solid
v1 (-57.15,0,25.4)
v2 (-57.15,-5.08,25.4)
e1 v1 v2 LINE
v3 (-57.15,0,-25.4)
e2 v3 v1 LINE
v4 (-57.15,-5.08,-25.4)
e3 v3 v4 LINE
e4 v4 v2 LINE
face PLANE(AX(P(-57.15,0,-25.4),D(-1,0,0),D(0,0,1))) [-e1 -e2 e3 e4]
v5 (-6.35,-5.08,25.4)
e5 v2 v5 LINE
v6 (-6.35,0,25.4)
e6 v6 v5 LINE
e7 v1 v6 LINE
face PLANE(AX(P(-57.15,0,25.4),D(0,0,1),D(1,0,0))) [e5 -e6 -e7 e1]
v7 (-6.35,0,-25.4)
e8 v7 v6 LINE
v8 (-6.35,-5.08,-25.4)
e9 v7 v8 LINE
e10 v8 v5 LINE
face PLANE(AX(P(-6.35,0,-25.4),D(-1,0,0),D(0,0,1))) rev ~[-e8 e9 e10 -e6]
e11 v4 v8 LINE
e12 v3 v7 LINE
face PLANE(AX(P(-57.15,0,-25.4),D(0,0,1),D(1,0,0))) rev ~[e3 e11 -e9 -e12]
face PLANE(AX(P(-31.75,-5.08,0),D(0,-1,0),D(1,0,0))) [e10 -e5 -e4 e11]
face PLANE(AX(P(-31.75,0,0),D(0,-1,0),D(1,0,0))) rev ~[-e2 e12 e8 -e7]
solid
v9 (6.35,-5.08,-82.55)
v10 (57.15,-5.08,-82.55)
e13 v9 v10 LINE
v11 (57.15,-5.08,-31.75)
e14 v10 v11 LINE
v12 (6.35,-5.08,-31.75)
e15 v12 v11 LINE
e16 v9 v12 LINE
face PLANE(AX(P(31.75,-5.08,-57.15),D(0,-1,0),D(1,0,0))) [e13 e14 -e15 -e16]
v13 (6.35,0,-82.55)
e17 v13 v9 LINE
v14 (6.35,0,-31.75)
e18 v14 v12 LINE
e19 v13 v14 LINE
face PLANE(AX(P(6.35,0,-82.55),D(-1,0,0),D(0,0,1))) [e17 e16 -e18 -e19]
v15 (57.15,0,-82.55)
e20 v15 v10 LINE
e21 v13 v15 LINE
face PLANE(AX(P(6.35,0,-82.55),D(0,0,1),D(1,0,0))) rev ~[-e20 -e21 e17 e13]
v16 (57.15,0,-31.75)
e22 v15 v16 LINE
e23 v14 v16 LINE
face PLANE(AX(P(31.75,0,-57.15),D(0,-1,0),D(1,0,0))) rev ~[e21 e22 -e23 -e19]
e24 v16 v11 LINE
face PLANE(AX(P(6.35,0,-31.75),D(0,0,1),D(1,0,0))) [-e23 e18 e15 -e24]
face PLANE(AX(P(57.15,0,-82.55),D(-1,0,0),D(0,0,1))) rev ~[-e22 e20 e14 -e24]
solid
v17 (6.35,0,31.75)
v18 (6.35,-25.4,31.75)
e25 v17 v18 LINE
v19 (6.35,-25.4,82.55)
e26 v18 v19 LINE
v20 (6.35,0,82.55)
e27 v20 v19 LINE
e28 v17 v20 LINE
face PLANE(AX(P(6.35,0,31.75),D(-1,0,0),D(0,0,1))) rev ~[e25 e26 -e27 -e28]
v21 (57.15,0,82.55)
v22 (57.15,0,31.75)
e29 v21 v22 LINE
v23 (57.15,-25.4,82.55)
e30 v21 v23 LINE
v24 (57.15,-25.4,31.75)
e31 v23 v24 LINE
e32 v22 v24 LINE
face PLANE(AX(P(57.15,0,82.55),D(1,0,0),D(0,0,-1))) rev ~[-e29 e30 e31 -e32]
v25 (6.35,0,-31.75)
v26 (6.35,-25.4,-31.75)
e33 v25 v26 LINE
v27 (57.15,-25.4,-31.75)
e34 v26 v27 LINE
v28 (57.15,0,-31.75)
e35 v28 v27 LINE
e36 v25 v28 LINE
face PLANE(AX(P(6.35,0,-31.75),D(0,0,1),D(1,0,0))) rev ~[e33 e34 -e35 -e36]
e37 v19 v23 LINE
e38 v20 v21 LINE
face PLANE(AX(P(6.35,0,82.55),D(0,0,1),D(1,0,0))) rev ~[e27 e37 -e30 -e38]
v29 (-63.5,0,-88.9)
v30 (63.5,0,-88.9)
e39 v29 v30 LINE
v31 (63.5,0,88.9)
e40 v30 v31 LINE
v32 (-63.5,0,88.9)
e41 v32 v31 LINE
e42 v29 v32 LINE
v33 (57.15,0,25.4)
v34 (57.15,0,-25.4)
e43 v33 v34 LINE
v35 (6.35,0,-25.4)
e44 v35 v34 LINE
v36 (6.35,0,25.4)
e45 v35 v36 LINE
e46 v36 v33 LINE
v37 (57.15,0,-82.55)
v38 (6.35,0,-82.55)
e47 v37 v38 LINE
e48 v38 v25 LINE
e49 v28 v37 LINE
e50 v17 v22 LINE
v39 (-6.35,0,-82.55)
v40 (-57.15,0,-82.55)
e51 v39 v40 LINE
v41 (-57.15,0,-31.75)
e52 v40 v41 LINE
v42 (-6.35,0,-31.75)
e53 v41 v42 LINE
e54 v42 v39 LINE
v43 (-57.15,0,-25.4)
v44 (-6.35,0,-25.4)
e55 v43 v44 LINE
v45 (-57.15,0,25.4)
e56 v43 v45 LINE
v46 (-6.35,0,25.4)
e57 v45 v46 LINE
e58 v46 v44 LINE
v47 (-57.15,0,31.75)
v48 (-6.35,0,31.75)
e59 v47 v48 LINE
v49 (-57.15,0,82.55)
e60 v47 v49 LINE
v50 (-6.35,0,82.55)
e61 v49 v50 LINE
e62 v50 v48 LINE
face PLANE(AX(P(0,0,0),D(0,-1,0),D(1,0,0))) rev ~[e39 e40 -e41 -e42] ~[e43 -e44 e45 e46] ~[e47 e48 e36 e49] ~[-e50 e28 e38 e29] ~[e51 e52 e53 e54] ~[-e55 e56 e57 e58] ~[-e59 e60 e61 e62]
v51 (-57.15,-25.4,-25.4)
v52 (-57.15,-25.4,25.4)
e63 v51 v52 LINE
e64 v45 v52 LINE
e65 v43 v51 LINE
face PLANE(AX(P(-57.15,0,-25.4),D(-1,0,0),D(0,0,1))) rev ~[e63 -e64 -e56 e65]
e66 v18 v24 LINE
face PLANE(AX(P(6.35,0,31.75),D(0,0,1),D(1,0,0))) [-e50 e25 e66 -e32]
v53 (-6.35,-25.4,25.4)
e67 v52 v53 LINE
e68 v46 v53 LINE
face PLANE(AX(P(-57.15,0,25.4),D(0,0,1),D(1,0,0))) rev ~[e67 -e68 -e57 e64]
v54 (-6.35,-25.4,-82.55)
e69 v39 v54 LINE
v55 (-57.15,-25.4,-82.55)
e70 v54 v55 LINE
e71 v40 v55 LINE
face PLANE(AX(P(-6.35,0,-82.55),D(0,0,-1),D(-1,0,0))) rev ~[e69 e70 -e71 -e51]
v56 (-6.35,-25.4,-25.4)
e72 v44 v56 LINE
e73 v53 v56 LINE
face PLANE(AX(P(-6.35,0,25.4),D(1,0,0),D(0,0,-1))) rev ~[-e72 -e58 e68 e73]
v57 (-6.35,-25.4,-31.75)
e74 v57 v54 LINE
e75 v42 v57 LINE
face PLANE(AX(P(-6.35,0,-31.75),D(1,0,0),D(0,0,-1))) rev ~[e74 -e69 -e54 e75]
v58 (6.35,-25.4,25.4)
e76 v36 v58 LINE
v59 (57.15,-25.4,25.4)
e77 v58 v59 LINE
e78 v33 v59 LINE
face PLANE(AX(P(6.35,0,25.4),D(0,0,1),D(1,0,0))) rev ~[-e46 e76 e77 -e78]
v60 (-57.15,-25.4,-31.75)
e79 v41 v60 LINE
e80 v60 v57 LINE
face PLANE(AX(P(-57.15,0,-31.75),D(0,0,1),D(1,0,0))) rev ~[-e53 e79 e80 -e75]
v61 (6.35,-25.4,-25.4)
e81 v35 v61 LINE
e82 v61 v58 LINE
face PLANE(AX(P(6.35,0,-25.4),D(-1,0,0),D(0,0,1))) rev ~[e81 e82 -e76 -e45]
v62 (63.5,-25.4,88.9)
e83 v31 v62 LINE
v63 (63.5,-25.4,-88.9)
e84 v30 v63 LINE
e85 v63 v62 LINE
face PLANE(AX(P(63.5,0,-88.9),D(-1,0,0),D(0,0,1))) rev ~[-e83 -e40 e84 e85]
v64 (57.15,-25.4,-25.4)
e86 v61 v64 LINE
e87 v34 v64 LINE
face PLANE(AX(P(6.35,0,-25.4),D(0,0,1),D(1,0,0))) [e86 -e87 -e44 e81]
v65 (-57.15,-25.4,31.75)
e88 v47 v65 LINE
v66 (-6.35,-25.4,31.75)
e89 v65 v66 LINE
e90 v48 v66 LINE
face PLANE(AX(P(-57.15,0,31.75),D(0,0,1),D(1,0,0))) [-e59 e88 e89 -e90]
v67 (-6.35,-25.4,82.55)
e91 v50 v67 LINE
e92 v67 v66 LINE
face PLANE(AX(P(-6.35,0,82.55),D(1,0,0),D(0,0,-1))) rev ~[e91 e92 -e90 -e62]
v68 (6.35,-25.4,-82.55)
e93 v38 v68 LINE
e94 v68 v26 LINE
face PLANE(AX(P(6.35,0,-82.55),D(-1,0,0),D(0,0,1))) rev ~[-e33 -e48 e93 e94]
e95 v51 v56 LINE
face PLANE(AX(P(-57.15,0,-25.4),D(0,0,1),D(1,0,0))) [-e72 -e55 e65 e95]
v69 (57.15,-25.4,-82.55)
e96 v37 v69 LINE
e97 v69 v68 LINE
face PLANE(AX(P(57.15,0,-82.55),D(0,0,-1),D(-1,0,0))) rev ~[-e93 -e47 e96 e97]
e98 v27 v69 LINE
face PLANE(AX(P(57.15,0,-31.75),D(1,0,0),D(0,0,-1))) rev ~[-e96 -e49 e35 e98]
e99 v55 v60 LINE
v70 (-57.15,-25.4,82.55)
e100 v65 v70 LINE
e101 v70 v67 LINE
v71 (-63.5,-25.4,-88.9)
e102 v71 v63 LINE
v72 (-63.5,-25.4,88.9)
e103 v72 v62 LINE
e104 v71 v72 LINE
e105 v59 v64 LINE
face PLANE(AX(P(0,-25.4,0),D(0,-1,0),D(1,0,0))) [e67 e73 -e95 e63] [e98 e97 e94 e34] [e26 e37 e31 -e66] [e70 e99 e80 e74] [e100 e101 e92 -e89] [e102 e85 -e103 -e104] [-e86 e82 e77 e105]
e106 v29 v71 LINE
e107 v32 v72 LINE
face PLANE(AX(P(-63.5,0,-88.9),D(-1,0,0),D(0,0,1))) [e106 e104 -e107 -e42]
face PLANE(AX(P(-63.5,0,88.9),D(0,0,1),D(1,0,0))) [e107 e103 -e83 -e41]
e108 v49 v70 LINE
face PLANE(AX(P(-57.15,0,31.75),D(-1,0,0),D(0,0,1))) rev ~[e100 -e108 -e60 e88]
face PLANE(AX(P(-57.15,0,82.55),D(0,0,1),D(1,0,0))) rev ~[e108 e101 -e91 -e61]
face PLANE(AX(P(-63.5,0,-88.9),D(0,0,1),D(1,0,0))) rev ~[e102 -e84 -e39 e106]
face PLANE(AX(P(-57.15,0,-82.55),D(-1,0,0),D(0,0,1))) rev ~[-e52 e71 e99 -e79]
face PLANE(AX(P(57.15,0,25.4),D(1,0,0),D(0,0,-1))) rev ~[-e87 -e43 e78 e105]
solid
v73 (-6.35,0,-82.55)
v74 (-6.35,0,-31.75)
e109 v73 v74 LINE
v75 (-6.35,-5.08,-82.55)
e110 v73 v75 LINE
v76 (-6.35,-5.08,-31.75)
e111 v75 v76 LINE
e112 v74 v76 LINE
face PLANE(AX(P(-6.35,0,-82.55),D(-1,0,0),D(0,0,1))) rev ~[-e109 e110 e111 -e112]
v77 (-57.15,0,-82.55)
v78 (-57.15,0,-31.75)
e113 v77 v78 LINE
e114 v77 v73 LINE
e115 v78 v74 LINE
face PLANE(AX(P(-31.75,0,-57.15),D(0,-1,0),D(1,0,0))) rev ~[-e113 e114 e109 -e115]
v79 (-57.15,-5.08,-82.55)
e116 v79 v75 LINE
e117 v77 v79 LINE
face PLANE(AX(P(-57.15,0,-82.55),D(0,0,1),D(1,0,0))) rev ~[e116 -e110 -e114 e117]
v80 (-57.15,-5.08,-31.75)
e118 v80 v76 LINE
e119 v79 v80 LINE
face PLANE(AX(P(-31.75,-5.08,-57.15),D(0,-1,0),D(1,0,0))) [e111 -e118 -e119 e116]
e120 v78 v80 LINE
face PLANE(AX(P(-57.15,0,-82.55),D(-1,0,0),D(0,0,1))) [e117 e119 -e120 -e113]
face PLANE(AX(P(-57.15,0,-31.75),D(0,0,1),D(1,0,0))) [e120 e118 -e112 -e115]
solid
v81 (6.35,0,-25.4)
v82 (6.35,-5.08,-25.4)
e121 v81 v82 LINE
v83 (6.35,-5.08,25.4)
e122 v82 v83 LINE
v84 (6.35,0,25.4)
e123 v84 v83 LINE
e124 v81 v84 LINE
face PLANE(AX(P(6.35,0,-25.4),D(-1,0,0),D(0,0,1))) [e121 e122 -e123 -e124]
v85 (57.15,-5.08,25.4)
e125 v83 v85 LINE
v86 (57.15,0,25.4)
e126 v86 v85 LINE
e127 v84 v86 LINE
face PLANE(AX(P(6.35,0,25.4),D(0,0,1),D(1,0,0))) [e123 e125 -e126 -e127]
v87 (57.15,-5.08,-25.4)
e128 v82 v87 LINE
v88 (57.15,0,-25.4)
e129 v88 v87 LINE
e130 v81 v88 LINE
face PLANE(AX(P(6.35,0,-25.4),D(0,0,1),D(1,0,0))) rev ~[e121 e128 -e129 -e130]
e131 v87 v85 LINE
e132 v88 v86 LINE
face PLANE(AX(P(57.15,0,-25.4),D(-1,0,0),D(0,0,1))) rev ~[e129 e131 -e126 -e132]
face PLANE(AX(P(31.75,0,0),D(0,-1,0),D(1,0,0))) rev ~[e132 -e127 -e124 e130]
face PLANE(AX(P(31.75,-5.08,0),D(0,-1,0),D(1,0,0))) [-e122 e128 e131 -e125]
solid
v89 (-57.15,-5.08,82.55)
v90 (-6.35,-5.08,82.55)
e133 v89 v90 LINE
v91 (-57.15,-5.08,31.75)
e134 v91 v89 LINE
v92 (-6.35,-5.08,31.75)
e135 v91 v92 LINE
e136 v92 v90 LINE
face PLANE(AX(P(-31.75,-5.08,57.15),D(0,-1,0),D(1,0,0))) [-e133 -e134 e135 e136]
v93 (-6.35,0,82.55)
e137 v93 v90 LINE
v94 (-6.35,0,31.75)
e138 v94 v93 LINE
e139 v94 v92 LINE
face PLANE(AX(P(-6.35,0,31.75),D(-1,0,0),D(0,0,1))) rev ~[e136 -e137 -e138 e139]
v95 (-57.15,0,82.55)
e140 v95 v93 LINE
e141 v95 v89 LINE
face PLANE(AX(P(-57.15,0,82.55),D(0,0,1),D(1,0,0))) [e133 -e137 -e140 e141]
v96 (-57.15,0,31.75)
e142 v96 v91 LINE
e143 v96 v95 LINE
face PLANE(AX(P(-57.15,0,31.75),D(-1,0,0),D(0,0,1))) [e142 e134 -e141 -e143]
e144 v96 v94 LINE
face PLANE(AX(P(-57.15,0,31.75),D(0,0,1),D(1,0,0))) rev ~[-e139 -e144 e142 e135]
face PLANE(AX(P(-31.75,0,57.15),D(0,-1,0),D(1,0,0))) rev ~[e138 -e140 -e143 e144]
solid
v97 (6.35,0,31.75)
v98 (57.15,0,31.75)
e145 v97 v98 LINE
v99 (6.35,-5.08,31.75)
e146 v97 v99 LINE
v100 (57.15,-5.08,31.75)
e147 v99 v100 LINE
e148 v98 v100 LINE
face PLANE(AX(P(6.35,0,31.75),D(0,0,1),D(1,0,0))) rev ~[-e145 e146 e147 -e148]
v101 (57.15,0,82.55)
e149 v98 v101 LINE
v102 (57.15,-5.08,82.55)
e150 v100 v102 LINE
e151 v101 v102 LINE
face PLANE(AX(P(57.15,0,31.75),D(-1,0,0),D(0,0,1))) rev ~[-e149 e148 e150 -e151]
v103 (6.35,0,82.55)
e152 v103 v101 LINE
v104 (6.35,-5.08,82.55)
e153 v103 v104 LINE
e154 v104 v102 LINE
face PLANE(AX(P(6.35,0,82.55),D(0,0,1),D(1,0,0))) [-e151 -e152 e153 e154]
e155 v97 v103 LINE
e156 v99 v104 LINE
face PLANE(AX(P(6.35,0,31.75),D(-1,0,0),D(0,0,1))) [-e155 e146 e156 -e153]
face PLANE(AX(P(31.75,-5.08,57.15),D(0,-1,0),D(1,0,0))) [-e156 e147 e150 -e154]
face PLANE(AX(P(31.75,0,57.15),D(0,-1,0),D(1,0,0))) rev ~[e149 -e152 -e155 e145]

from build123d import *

# Parameters (mm, degrees)
F0_W     = 127
F0_H     = 177.8
F0_W_2   = 50.8
F0_H_2   = 6.35
F1_DEPTH = 25.4
F0_H_3   = 50.8
F2_DEPTH = 5.08


with BuildPart() as f1:
    # F0 (on Front) → F1 (new body)
    with BuildSketch(Plane.XZ):
        Rectangle(F0_W, F0_H)
        Polygon((-57.15, 31.75), (-57.15, 82.55), (-6.35, 82.55), (6.35, 82.55), (57.15, 82.55), (57.15, 31.75), (57.15, 25.4), (57.15, -25.4), (57.15, -31.75), (57.15, -82.55), (6.35, -82.55), (-6.35, -82.55), (-57.15, -82.55), (-57.15, -31.75), (-57.15, -25.4), (-57.15, 25.4), align=None, mode=Mode.SUBTRACT)
        with Locations((-31.75, 28.575)):
            Rectangle(F0_W_2, F0_H_2)
        with Locations((31.75, 28.575)):
            Rectangle(F0_W_2, F0_H_2)
        Polygon((6.35, 82.55), (-6.35, 82.55), (-6.35, 31.75), (-6.35, 25.4), (-6.35, -25.4), (-6.35, -31.75), (-6.35, -82.55), (6.35, -82.55), (6.35, -31.75), (6.35, -25.4), (6.35, 25.4), (6.35, 31.75), align=None)
        with Locations((31.75, -28.575)):
            Rectangle(F0_W_2, F0_H_2)
        with Locations((-31.75, -28.575)):
            Rectangle(F0_W_2, F0_H_2)
    extrude(amount=F1_DEPTH)


with BuildPart() as f2:
    # F0 (on Front) → F2 (new body)
    with BuildSketch(Plane.XZ):
        with Locations((-31.75, 57.15)):
            Rectangle(F0_W_2, F0_H_3)
    extrude(amount=F2_DEPTH)


with BuildPart() as f2b:
    # F0 (on Front) → F2, piece 2 (new body)
    with BuildSketch(Plane.XZ):
        with Locations((31.75, 57.15)):
            Rectangle(F0_W_2, F0_H_3)
    extrude(amount=F2_DEPTH)


with BuildPart() as f2c:
    # F0 (on Front) → F2, piece 3 (new body)
    with BuildSketch(Plane.XZ):
        with Locations((31.75, 0)):
            Rectangle(F0_W_2, F0_H_3)
    extrude(amount=F2_DEPTH)


with BuildPart() as f2d:
    # F0 (on Front) → F2, piece 4 (new body)
    with BuildSketch(Plane.XZ):
        with Locations((-31.75, 0)):
            Rectangle(F0_W_2, F0_H_3)
    extrude(amount=F2_DEPTH)


with BuildPart() as f2e:
    # F0 (on Front) → F2, piece 5 (new body)
    with BuildSketch(Plane.XZ):
        with Locations((-31.75, -57.15)):
            Rectangle(F0_W_2, F0_H_3)
    extrude(amount=F2_DEPTH)


with BuildPart() as f2f:
    # F0 (on Front) → F2, piece 6 (new body)
    with BuildSketch(Plane.XZ):
        with Locations((31.75, -57.15)):
            Rectangle(F0_W_2, F0_H_3)
    extrude(amount=F2_DEPTH)


solid = Compound([f1.part, f2.part, f2b.part, f2c.part, f2d.part, f2e.part, f2f.part])
